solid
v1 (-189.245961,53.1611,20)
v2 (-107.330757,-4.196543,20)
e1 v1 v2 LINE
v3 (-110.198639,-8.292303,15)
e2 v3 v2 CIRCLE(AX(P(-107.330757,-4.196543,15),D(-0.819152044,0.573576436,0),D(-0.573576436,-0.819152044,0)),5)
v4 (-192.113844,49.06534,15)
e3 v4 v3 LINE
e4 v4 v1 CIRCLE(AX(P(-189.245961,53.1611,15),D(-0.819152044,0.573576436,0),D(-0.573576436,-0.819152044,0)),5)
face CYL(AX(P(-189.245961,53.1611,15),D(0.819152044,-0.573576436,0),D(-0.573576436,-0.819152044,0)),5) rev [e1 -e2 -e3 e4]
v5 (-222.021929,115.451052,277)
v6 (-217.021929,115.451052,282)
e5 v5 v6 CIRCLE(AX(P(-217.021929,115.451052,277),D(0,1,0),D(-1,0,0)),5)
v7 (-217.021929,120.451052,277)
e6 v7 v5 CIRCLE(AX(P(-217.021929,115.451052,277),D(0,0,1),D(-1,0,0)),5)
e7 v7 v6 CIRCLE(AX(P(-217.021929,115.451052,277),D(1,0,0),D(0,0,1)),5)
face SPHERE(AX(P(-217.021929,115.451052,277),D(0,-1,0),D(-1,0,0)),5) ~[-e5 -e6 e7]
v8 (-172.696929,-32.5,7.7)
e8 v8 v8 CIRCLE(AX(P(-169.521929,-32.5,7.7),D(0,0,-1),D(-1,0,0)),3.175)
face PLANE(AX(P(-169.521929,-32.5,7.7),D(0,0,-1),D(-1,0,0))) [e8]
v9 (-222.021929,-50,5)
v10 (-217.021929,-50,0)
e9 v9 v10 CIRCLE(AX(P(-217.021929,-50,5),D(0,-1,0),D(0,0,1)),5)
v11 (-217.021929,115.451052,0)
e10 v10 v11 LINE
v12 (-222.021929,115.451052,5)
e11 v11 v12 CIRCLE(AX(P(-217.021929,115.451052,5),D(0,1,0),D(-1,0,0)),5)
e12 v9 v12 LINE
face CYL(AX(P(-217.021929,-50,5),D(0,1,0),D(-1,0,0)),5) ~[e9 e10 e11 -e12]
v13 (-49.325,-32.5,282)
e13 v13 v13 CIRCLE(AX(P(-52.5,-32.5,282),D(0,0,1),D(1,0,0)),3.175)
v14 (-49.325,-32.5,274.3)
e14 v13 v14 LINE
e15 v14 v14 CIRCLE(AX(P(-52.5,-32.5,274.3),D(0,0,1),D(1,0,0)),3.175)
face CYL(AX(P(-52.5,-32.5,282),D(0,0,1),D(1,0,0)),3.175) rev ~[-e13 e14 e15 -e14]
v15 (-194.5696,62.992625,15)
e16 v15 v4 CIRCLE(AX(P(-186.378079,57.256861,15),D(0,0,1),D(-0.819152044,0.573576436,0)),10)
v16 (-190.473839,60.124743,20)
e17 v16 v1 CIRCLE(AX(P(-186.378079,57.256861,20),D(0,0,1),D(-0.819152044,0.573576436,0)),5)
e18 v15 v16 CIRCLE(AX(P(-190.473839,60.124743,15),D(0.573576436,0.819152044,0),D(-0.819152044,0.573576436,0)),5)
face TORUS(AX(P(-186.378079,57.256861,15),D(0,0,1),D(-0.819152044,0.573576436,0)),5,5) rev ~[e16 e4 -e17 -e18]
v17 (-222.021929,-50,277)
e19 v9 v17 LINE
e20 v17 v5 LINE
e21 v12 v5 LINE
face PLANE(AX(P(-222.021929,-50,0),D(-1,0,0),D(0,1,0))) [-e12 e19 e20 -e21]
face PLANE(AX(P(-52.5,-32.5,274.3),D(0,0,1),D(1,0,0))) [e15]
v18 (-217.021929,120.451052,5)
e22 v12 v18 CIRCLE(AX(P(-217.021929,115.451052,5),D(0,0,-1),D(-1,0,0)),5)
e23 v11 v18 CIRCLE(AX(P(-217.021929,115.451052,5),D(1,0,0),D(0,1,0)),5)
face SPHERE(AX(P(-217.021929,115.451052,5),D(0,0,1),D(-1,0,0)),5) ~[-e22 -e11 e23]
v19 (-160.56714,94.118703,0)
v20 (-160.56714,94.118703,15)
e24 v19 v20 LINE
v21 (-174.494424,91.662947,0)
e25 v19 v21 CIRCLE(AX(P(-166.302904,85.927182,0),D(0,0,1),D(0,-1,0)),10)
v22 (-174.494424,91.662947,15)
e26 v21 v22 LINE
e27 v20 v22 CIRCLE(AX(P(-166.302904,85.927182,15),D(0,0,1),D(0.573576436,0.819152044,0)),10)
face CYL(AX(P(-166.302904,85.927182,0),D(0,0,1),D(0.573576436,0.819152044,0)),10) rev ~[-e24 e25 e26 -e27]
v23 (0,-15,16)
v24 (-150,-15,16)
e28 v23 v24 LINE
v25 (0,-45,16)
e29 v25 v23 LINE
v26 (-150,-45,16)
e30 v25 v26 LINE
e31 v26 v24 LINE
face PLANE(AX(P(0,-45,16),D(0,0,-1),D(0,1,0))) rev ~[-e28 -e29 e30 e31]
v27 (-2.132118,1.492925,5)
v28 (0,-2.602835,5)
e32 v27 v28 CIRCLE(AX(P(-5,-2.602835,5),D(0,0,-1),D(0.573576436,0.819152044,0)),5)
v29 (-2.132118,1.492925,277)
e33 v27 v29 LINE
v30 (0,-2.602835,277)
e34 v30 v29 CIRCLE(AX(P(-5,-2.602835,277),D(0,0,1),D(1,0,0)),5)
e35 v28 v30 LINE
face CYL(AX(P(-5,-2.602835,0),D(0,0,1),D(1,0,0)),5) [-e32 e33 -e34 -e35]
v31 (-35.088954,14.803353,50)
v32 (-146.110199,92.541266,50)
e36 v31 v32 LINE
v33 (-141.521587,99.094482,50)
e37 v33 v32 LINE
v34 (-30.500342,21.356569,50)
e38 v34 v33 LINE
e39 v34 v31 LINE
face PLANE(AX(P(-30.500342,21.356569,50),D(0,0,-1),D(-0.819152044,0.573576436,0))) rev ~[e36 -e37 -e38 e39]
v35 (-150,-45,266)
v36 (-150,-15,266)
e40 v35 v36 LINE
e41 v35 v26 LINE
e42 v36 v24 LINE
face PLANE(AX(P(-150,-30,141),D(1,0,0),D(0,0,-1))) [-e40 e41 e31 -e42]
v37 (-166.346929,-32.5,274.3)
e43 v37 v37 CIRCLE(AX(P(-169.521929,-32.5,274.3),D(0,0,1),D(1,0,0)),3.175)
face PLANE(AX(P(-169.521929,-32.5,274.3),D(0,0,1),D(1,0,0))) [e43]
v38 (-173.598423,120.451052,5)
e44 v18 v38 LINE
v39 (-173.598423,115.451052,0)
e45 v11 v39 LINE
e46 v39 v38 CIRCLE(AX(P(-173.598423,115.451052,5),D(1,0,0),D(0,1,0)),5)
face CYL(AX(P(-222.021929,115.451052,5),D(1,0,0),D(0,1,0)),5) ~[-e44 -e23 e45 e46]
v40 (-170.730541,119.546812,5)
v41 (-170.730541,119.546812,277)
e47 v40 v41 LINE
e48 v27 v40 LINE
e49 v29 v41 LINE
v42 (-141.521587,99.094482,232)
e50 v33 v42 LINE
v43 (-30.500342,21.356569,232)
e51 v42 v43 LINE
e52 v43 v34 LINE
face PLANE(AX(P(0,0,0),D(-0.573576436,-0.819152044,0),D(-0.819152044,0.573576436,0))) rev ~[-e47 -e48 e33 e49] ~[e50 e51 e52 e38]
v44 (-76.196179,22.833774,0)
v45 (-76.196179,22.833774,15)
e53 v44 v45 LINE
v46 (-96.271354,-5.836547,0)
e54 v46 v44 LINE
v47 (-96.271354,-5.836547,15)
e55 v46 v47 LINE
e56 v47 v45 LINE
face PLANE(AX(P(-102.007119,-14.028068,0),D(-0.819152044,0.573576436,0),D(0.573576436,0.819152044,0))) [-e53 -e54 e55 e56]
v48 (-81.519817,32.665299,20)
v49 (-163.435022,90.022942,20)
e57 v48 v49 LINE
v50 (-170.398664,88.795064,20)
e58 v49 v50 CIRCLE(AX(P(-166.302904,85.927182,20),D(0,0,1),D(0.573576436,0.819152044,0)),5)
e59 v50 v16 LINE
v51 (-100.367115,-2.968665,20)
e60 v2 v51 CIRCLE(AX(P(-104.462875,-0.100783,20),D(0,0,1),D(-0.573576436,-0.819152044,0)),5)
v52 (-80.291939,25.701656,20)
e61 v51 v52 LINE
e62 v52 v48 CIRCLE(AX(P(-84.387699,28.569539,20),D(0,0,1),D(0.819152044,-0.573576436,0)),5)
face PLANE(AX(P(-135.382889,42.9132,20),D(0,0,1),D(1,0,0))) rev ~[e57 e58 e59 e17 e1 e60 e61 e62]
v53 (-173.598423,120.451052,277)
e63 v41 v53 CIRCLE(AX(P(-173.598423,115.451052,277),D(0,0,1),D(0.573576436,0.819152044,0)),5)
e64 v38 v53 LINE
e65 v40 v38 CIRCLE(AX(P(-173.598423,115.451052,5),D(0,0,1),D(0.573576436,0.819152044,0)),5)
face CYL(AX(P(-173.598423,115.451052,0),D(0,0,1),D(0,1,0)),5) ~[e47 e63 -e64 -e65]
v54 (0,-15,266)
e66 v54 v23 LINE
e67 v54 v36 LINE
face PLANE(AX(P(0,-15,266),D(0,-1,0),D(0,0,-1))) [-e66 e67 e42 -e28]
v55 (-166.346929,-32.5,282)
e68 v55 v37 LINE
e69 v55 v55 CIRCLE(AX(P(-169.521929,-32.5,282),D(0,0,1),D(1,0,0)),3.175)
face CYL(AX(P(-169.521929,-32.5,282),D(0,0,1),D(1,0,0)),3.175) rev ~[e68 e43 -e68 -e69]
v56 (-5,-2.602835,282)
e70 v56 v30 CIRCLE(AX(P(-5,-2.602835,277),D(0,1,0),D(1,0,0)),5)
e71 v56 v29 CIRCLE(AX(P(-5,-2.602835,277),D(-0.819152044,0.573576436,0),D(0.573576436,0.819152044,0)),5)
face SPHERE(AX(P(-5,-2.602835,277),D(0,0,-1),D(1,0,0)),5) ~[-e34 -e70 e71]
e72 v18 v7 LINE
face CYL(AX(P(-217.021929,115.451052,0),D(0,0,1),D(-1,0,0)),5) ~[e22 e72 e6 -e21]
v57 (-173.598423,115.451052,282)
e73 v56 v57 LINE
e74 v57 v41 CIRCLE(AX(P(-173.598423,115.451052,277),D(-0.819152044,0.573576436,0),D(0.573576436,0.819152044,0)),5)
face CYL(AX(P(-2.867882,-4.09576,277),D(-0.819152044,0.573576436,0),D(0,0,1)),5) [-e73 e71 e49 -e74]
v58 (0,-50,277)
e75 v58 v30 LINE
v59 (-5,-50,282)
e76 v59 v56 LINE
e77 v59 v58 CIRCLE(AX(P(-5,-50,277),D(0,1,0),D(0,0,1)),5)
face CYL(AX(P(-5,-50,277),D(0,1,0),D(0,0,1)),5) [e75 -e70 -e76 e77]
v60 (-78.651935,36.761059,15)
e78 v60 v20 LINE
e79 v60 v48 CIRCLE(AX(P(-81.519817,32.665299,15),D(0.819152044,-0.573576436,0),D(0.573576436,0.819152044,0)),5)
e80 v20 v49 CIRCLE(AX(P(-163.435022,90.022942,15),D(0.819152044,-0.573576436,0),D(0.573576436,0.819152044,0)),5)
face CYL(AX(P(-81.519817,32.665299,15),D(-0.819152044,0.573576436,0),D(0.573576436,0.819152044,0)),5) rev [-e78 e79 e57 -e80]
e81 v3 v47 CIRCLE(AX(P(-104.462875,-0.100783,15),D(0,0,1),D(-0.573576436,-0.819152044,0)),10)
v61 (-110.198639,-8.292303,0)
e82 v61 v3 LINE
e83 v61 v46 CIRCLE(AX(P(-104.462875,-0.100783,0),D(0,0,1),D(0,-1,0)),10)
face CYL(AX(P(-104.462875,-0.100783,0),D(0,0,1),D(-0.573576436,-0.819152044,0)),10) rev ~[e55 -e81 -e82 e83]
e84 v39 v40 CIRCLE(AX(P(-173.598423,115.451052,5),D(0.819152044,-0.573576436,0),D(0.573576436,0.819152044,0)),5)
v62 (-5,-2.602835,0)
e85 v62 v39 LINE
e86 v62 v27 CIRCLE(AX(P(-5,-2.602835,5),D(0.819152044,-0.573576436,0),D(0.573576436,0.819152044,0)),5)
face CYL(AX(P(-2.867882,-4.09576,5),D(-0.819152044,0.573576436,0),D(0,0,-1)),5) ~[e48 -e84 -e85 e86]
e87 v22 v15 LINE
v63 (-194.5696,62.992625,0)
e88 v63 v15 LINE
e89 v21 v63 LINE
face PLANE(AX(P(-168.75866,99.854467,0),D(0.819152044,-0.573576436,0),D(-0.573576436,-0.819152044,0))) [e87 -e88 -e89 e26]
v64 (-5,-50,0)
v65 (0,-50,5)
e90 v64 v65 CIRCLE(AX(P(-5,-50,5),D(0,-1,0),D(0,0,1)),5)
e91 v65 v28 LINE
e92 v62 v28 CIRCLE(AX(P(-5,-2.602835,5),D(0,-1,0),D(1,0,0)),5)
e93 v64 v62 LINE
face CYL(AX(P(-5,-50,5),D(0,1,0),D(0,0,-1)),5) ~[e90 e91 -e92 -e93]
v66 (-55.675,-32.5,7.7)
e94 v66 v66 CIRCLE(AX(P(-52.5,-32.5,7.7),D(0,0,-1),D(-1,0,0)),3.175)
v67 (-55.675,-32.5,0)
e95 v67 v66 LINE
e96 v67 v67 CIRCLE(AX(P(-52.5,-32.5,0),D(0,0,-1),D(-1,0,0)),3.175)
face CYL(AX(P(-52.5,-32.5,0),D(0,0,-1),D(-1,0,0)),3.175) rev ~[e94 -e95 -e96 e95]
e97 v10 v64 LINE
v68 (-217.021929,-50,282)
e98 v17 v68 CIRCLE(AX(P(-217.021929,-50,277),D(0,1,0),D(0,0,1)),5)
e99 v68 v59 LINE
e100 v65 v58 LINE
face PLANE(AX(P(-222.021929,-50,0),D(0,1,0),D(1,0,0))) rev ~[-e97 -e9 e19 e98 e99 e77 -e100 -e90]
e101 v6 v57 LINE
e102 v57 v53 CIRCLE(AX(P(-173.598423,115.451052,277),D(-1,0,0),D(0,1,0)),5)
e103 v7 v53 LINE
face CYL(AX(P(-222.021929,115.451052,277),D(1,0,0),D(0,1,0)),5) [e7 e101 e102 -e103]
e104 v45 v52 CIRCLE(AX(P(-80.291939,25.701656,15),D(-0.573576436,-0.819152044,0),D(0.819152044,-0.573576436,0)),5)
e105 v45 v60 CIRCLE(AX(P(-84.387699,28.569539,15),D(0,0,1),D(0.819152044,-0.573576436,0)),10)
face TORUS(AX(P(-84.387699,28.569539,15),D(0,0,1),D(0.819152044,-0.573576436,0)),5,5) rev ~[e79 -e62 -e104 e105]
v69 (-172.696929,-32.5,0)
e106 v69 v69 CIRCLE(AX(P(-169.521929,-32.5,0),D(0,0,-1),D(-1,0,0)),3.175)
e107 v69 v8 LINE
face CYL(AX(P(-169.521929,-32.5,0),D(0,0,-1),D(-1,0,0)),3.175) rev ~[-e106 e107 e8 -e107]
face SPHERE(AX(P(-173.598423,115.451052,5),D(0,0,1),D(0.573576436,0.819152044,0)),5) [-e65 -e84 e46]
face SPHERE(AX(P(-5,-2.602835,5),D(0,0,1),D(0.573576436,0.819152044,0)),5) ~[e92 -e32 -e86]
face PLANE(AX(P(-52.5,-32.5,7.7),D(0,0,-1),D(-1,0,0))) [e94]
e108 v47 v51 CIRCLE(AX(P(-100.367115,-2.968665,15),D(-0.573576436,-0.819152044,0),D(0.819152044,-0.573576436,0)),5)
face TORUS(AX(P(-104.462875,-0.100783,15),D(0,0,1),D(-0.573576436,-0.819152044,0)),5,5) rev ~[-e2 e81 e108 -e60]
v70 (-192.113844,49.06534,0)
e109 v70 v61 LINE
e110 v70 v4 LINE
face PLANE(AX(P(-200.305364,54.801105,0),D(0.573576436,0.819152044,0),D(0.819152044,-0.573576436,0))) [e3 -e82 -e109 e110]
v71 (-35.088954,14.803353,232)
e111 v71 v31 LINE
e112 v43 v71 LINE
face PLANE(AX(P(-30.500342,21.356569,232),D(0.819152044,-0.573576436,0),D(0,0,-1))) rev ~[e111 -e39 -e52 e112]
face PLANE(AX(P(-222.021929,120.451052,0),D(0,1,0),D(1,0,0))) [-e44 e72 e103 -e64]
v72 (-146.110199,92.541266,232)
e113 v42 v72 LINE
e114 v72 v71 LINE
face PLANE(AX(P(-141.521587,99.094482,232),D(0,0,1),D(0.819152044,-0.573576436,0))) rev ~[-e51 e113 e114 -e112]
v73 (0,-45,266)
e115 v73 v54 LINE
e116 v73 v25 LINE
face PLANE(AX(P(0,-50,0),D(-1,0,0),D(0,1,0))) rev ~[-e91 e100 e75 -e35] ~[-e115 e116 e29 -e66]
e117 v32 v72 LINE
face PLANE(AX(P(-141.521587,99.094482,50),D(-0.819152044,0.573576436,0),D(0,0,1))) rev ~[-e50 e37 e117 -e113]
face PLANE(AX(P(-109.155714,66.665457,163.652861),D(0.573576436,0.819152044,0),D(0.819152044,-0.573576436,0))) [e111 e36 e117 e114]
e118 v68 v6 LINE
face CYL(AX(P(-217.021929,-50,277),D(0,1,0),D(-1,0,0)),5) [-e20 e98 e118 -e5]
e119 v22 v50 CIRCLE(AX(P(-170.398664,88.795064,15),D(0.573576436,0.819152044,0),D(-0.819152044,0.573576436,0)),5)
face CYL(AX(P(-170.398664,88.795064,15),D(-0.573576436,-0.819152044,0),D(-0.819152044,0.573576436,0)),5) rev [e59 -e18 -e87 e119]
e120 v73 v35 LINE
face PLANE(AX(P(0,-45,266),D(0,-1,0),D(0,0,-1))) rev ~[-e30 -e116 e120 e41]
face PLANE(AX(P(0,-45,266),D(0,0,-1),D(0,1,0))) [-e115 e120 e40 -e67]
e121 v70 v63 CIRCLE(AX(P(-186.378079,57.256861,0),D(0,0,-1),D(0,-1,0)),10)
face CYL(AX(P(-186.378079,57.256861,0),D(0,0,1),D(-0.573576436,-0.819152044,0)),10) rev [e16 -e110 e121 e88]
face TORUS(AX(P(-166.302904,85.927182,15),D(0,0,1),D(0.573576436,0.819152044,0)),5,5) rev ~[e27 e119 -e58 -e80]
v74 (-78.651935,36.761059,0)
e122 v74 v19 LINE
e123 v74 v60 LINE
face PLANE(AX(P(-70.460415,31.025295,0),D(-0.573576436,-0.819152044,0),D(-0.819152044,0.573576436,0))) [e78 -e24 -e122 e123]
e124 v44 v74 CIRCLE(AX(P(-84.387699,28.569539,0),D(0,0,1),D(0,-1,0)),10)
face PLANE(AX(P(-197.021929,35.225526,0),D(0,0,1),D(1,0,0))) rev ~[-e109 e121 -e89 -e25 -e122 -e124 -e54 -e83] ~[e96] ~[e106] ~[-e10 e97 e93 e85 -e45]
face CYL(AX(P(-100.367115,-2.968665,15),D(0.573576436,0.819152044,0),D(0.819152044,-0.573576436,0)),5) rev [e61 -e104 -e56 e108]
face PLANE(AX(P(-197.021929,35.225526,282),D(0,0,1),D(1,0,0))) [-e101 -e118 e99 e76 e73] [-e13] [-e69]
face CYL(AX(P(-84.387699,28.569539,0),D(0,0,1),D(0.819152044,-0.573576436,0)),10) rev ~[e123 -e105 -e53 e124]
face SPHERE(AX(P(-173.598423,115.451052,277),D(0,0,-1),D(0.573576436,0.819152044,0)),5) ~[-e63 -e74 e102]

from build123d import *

# Parameters (mm, degrees)
SKETCH1_W           = 50
SKETCH1_H           = 170.451051634
BOSS_EXTRUDE1_DEPTH = 282
CUT_EXTRUDE1_DEPTH  = 8
SKETCH5_R           = 3.175
CUT_EXTRUDE3_DEPTH  = 7.7
SKETCH6_R           = 3.175
CUT_EXTRUDE4_DEPTH  = 7.7
FILLET4_R           = 5
SKETCH7_W           = 250
SKETCH7_H           = 30
CUT_EXTRUDE6_DEPTH  = 150
CUT_EXTRUDE7_DEPTH  = 20
FILLET5_R           = 10
FILLET6_R           = 5


with BuildPart() as part:
    # Sketch1 → Boss-Extrude1 (new body)
    with BuildSketch(Plane.XY):
        with Locations((-197.021929301, 35.225525817)):
            Rectangle(SKETCH1_W, SKETCH1_H)
        Polygon((0, -50), (0, 0), (-172.021929301, 120.451051634), (-172.021929301, -50), align=None)
    extrude(amount=BOSS_EXTRUDE1_DEPTH)

    # Sketch3 → Cut-Extrude1 (cut)
    with BuildSketch(Plane(origin=(0, 0, 0), x_dir=(0.819152044, -0.573576436, 0), z_dir=(0.573576436, 0.819152044, 0))):
        Polygon((-37.234042553, -232), (-172.765957447, -50), (-172.765957447, -232), align=None)
        Polygon((-37.234042553, -50), (-172.765957447, -50), (-37.234042553, -232), align=None)
    extrude(amount=-CUT_EXTRUDE1_DEPTH, mode=Mode.SUBTRACT)

    # Sketch5 → Cut-Extrude3 (cut)
    with BuildSketch(Plane.XY.offset(282)):
        with Locations((-52.5, -32.5)):
            Circle(SKETCH5_R)
        with Locations((-169.521929301, -32.5)):
            Circle(SKETCH5_R)
    extrude(amount=-CUT_EXTRUDE3_DEPTH, mode=Mode.SUBTRACT)

    # Sketch6 → Cut-Extrude4 (cut)
    with BuildSketch(Plane(origin=(0, 0, 0), x_dir=(-1, 0, 0), z_dir=(0, 0, -1))):
        with Locations((169.521929301, -32.5)):
            Circle(SKETCH6_R)
        with Locations((52.5, -32.5)):
            Circle(SKETCH6_R)
    extrude(amount=-CUT_EXTRUDE4_DEPTH, mode=Mode.SUBTRACT)

    # Fillet4
    fillet4_edges = [part.edges().sort_by_distance(p)[0] for p in [
        (-222.021929301, 35.225525817, 282),
        (-172.021929301, 120.451051634, 141),
        (0, 0, 141),
        (-222.021929301, 120.451051634, 141),
        (0, -25, 282),
        (-86.01096465, 60.225525817, 282),
        (-197.021929301, 120.451051634, 282),
        (-86.01096465, 60.225525817, 0),
        (0, -25, 0),
        (-222.021929301, 35.225525817, 0),
        (-197.021929301, 120.451051634, 0),
    ]]
    fillet(fillet4_edges, radius=FILLET4_R)

    # Sketch7 → Cut-Extrude6 (cut)
    with BuildSketch(Plane(origin=(0, 0, 0), x_dir=(0, 0, -1), z_dir=(1, 0, 0))):
        with Locations((-141, -30)):
            Rectangle(SKETCH7_W, SKETCH7_H)
    extrude(amount=-CUT_EXTRUDE6_DEPTH, mode=Mode.SUBTRACT)

    # Sketch9 → Cut-Extrude7 (cut)
    with BuildSketch(Plane(origin=(0, 0, 0), x_dir=(-1, 0, 0), z_dir=(0, 0, -1))):
        Polygon((200.305363971, 54.801104583), (102.007118657, -14.028067779), (70.460414657, 31.025294657), (168.758659972, 99.854467019), align=None)
    extrude(amount=-CUT_EXTRUDE7_DEPTH, mode=Mode.SUBTRACT)

    # Fillet5
    fillet5_edges = [part.edges().sort_by_distance(p)[0] for p in [
        (-200.305363971, 54.801104583, 10),
        (-102.007118657, -14.028067779, 10),
        (-70.460414657, 31.025294657, 10),
        (-168.758659972, 99.854467019, 10),
    ]]
    fillet(fillet5_edges, radius=FILLET5_R)

    # Fillet6
    fillet6_edges = [part.edges().sort_by_distance(p)[0] for p in [
        (-86.233766657, 8.498613439, 20),
        (-119.609537315, 65.439880838, 20),
        (-151.156241314, 20.386518402, 20),
        (-184.532011972, 77.327785801, 20),
        (-196.226156695, 55.520378886, 20),
        (-168.039385669, 95.775259743, 20),
        (-102.726392959, -9.948860503, 20),
        (-74.539621934, 30.306020354, 20),
    ]]
    fillet(fillet6_edges, radius=FILLET6_R)


solid = part.part
